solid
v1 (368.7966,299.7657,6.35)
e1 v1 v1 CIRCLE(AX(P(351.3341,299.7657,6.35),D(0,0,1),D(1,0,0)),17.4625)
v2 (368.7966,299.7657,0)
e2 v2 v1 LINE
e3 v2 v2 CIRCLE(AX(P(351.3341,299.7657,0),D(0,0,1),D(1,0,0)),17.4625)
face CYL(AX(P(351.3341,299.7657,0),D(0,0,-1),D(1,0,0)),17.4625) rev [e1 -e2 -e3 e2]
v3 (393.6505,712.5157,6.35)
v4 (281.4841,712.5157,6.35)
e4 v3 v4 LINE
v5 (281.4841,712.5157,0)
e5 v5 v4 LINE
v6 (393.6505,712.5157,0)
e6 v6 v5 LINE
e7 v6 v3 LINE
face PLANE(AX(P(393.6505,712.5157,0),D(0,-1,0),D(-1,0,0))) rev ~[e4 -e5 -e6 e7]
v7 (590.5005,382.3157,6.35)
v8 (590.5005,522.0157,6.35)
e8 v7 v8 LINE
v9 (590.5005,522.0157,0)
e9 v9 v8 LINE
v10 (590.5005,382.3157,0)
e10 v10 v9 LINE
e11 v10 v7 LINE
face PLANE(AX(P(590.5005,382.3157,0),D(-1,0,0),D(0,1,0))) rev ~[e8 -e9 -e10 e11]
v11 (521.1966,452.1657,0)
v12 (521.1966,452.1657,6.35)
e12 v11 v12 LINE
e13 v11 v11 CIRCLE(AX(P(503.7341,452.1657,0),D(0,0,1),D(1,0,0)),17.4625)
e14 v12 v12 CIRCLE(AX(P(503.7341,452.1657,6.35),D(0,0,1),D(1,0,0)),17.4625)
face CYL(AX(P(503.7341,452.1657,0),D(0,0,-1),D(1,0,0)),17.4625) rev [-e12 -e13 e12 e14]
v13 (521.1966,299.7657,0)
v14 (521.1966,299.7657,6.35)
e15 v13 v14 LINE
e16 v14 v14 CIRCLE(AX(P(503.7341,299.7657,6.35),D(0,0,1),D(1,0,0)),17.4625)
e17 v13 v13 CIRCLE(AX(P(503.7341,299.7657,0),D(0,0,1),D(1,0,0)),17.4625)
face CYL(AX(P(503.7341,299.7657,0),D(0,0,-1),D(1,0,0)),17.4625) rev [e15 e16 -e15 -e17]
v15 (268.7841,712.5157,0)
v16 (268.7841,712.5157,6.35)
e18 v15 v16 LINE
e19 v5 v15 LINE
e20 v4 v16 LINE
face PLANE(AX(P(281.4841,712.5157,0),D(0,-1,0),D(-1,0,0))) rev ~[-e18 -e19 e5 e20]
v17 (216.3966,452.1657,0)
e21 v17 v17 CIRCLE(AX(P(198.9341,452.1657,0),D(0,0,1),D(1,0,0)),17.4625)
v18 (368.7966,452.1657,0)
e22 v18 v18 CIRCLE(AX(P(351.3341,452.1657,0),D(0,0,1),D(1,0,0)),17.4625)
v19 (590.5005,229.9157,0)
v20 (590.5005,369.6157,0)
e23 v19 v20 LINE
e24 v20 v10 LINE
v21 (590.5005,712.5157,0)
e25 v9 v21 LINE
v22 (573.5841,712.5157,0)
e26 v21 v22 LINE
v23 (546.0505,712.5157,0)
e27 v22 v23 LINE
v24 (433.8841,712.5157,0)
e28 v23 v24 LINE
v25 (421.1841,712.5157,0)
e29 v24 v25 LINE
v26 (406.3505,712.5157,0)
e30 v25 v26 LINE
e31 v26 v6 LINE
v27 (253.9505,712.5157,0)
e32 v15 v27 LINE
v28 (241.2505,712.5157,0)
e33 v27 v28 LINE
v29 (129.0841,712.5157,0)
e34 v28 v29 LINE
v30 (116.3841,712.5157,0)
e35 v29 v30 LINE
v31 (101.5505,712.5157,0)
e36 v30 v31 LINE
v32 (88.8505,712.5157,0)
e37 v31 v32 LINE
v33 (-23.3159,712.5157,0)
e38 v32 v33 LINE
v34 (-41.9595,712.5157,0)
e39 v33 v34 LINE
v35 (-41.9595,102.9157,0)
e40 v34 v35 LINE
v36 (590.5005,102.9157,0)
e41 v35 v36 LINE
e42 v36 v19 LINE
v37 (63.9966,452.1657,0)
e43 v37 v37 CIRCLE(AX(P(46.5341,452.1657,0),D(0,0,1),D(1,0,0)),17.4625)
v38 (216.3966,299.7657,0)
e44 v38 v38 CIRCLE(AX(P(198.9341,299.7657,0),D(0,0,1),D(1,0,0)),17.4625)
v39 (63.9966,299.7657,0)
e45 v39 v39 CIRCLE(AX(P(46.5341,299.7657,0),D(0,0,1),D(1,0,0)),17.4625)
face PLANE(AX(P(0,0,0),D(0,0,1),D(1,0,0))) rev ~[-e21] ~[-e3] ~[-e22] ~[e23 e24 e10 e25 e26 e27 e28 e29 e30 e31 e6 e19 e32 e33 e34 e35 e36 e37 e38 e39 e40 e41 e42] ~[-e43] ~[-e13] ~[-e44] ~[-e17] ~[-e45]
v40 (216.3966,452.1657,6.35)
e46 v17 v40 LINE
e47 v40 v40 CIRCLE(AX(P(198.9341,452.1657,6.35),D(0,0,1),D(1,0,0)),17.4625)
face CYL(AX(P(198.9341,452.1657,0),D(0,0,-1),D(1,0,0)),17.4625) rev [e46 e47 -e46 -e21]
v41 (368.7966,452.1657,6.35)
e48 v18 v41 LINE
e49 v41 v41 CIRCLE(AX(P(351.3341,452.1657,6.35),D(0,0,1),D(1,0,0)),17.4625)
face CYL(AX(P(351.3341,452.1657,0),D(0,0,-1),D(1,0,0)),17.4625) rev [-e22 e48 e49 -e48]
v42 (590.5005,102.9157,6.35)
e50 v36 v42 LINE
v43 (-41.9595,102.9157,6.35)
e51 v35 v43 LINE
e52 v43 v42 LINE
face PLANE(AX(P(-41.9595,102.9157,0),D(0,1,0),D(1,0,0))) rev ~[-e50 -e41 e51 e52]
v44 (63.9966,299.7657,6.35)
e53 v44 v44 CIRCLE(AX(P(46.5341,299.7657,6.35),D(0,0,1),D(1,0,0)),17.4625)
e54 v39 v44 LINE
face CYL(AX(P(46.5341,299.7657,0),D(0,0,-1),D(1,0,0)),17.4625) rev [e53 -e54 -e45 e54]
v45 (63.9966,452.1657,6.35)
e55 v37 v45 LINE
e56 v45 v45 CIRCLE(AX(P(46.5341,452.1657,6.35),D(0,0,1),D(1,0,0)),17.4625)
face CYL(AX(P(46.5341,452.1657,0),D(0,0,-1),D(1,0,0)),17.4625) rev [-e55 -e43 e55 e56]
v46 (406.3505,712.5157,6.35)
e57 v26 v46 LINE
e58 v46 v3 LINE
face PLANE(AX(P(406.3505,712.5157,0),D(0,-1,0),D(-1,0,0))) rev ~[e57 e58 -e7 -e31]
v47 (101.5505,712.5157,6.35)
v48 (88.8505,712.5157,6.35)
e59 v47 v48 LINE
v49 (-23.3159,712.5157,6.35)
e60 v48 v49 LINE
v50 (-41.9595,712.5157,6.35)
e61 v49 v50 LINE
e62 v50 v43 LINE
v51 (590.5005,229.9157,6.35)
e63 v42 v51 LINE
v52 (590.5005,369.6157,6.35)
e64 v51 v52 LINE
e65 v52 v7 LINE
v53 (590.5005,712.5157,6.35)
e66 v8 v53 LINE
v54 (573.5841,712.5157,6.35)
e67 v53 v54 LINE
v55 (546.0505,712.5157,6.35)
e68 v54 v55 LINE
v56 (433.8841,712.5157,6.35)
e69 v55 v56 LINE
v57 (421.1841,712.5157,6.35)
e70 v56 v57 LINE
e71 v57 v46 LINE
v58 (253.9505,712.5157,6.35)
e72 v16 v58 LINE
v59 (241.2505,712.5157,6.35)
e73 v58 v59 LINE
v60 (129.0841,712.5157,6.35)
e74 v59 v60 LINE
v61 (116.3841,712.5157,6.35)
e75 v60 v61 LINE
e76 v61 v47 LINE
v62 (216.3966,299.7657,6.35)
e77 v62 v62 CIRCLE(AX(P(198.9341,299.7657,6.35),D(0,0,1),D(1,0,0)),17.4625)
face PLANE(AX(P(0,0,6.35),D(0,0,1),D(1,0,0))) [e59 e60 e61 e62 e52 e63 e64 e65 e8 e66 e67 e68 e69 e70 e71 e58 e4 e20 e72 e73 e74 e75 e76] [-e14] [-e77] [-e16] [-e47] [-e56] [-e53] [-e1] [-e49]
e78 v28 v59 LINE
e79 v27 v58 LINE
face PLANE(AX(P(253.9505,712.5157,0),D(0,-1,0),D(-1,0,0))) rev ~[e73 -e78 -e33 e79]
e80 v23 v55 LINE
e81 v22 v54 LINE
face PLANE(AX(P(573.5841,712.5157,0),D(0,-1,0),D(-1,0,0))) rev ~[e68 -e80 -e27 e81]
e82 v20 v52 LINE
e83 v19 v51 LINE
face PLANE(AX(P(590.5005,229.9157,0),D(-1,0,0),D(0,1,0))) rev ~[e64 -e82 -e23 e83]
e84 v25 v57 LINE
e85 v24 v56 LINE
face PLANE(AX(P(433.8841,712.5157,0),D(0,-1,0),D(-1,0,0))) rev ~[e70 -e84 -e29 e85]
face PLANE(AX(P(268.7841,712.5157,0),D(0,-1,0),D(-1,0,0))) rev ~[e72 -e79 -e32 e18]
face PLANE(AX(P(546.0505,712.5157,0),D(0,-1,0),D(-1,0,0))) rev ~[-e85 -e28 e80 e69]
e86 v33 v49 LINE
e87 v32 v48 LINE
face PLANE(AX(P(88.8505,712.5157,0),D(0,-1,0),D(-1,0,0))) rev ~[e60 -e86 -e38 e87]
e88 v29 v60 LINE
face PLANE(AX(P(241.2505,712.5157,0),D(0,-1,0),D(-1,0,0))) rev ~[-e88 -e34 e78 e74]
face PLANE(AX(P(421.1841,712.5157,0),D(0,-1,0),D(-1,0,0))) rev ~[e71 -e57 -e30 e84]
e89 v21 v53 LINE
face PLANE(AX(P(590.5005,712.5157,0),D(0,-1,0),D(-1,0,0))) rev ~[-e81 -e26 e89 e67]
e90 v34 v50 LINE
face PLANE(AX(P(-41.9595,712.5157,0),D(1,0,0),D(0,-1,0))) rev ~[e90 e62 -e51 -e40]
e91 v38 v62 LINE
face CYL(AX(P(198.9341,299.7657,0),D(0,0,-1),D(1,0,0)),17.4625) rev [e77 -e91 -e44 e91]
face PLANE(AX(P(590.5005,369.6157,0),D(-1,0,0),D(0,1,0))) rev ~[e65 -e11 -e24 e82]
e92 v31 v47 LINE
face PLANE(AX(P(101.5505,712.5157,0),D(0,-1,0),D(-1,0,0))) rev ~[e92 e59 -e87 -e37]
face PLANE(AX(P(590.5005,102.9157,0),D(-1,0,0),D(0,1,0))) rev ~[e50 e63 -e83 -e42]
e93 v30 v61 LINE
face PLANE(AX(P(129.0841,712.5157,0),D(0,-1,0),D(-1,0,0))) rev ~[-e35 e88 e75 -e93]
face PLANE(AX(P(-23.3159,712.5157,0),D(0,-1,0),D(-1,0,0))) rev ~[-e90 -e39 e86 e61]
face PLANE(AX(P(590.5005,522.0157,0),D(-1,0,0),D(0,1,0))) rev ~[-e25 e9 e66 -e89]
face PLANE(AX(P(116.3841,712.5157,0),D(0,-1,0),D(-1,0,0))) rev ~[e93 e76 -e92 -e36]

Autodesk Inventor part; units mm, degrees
ref_plane "YZ Plane" through (0, 0, 0) normal (1, 0, 0) x (0, 1, 0)
ref_plane "XZ Plane" through (0, 0, 0) normal (0, 1, 0) x (-1, 0, 0)
ref_plane "XY Plane" through (0, 0, 0) normal (0, 0, 1) x (1, 0, 0)
sketch "Sketch1" plane through (0, 0, 0) normal (0, 0, 1) x (1, 0, 0)
  line L0 (-41.9595, 102.9157) -> (590.5005, 102.9157)
  line L1 (590.5005, 102.9157) -> (590.5005, 712.5157)
  line L2 (590.5005, 712.5157) -> (-41.9595, 712.5157)
  line L3 (-41.9595, 712.5157) -> (-41.9595, 102.9157)
  line L4 (-41.9595, 712.5157) -> (-23.3159, 712.5157)
  line L5 (590.5005, 712.5157) -> (546.0505, 712.5157)
  line L6 (546.0505, 712.5157) -> (406.3505, 712.5157)
  line L7 (406.3505, 712.5157) -> (393.6505, 712.5157)
  line L8 (393.6505, 712.5157) -> (253.9505, 712.5157)
  line L9 (253.9505, 712.5157) -> (241.2505, 712.5157)
  line L10 (241.2505, 712.5157) -> (101.5505, 712.5157)
  line L11 (101.5505, 712.5157) -> (88.8505, 712.5157)
  line L12 (88.8505, 712.5157) -> (-23.3159, 712.5157)
  line L13 (590.5005, 102.9157) -> (590.5005, 229.9157)
  line L14 (590.5005, 229.9157) -> (590.5005, 369.6157)
  line L15 (590.5005, 369.6157) -> (590.5005, 382.3157)
  line L16 (590.5005, 382.3157) -> (590.5005, 522.0157)
  circle A0 centre (46.5341, 452.1657) radius 17.4625
  circle A1 centre (198.9341, 452.1657) radius 17.4625
  circle A2 centre (351.3341, 452.1657) radius 17.4625
  circle A3 centre (503.7341, 452.1657) radius 17.4625
  circle A4 centre (46.5341, 299.7657) radius 17.4625
  circle A5 centre (198.9341, 299.7657) radius 17.4625
  circle A6 centre (351.3341, 299.7657) radius 17.4625
  circle A7 centre (503.7341, 299.7657) radius 17.4625
  line L17 (-23.3159, 712.5157) -> (116.3841, 712.5157)
  line L18 (116.3841, 712.5157) -> (129.0841, 712.5157)
  line L19 (129.0841, 712.5157) -> (268.7841, 712.5157)
  line L20 (268.7841, 712.5157) -> (281.4841, 712.5157)
  line L21 (281.4841, 712.5157) -> (421.1841, 712.5157)
  line L22 (421.1841, 712.5157) -> (433.8841, 712.5157)
  line L23 (433.8841, 712.5157) -> (573.5841, 712.5157)
  dimension "d0" = 632.46
  dimension "d1" = 609.6
  dimension "d2" = 18.6436
  dimension "d24" = 127
  dimension "d25" = 139.7
  dimension "d26" = 12.7
  dimension "d27" = 139.7
  dimension "d28" = 34.925
  dimension "d29" = 34.925
  dimension "d30" = 34.925
  dimension "d31" = 34.925
  dimension "d32" = 34.925
  dimension "d33" = 34.925
  dimension "d34" = 34.925
  dimension "d35" = 34.925
  dimension "d38" = 139.7
  dimension "d39" = 12.7
  dimension "d40" = 139.7
  dimension "d41" = 12.7
  dimension "d42" = 139.7
  dimension "d43" = 12.7
  dimension "d44" = 139.7
extrude "Extrusion2" add sketch "Sketch1" along normal blind 6.35
equation "\"BendRadius\" = Thickness"
equation "\"BendReliefWidth\" = Thickness"
equation "\"BendReliefDepth\" = 0.5 * Thickness"
equation "\"CornerReliefSize\" = 4 * Thickness"
equation "\"MinimumRemnant\" = 2 * Thickness"
equation "\"TransitionRadius\" = BendRadius"
equation "\"JacobiRadiusSize\" = BendRadius"
equation "\"GapSize\" = Thickness"
equation "\"Thickness\" = 3.048"
properties part number "vessel support bottom"
